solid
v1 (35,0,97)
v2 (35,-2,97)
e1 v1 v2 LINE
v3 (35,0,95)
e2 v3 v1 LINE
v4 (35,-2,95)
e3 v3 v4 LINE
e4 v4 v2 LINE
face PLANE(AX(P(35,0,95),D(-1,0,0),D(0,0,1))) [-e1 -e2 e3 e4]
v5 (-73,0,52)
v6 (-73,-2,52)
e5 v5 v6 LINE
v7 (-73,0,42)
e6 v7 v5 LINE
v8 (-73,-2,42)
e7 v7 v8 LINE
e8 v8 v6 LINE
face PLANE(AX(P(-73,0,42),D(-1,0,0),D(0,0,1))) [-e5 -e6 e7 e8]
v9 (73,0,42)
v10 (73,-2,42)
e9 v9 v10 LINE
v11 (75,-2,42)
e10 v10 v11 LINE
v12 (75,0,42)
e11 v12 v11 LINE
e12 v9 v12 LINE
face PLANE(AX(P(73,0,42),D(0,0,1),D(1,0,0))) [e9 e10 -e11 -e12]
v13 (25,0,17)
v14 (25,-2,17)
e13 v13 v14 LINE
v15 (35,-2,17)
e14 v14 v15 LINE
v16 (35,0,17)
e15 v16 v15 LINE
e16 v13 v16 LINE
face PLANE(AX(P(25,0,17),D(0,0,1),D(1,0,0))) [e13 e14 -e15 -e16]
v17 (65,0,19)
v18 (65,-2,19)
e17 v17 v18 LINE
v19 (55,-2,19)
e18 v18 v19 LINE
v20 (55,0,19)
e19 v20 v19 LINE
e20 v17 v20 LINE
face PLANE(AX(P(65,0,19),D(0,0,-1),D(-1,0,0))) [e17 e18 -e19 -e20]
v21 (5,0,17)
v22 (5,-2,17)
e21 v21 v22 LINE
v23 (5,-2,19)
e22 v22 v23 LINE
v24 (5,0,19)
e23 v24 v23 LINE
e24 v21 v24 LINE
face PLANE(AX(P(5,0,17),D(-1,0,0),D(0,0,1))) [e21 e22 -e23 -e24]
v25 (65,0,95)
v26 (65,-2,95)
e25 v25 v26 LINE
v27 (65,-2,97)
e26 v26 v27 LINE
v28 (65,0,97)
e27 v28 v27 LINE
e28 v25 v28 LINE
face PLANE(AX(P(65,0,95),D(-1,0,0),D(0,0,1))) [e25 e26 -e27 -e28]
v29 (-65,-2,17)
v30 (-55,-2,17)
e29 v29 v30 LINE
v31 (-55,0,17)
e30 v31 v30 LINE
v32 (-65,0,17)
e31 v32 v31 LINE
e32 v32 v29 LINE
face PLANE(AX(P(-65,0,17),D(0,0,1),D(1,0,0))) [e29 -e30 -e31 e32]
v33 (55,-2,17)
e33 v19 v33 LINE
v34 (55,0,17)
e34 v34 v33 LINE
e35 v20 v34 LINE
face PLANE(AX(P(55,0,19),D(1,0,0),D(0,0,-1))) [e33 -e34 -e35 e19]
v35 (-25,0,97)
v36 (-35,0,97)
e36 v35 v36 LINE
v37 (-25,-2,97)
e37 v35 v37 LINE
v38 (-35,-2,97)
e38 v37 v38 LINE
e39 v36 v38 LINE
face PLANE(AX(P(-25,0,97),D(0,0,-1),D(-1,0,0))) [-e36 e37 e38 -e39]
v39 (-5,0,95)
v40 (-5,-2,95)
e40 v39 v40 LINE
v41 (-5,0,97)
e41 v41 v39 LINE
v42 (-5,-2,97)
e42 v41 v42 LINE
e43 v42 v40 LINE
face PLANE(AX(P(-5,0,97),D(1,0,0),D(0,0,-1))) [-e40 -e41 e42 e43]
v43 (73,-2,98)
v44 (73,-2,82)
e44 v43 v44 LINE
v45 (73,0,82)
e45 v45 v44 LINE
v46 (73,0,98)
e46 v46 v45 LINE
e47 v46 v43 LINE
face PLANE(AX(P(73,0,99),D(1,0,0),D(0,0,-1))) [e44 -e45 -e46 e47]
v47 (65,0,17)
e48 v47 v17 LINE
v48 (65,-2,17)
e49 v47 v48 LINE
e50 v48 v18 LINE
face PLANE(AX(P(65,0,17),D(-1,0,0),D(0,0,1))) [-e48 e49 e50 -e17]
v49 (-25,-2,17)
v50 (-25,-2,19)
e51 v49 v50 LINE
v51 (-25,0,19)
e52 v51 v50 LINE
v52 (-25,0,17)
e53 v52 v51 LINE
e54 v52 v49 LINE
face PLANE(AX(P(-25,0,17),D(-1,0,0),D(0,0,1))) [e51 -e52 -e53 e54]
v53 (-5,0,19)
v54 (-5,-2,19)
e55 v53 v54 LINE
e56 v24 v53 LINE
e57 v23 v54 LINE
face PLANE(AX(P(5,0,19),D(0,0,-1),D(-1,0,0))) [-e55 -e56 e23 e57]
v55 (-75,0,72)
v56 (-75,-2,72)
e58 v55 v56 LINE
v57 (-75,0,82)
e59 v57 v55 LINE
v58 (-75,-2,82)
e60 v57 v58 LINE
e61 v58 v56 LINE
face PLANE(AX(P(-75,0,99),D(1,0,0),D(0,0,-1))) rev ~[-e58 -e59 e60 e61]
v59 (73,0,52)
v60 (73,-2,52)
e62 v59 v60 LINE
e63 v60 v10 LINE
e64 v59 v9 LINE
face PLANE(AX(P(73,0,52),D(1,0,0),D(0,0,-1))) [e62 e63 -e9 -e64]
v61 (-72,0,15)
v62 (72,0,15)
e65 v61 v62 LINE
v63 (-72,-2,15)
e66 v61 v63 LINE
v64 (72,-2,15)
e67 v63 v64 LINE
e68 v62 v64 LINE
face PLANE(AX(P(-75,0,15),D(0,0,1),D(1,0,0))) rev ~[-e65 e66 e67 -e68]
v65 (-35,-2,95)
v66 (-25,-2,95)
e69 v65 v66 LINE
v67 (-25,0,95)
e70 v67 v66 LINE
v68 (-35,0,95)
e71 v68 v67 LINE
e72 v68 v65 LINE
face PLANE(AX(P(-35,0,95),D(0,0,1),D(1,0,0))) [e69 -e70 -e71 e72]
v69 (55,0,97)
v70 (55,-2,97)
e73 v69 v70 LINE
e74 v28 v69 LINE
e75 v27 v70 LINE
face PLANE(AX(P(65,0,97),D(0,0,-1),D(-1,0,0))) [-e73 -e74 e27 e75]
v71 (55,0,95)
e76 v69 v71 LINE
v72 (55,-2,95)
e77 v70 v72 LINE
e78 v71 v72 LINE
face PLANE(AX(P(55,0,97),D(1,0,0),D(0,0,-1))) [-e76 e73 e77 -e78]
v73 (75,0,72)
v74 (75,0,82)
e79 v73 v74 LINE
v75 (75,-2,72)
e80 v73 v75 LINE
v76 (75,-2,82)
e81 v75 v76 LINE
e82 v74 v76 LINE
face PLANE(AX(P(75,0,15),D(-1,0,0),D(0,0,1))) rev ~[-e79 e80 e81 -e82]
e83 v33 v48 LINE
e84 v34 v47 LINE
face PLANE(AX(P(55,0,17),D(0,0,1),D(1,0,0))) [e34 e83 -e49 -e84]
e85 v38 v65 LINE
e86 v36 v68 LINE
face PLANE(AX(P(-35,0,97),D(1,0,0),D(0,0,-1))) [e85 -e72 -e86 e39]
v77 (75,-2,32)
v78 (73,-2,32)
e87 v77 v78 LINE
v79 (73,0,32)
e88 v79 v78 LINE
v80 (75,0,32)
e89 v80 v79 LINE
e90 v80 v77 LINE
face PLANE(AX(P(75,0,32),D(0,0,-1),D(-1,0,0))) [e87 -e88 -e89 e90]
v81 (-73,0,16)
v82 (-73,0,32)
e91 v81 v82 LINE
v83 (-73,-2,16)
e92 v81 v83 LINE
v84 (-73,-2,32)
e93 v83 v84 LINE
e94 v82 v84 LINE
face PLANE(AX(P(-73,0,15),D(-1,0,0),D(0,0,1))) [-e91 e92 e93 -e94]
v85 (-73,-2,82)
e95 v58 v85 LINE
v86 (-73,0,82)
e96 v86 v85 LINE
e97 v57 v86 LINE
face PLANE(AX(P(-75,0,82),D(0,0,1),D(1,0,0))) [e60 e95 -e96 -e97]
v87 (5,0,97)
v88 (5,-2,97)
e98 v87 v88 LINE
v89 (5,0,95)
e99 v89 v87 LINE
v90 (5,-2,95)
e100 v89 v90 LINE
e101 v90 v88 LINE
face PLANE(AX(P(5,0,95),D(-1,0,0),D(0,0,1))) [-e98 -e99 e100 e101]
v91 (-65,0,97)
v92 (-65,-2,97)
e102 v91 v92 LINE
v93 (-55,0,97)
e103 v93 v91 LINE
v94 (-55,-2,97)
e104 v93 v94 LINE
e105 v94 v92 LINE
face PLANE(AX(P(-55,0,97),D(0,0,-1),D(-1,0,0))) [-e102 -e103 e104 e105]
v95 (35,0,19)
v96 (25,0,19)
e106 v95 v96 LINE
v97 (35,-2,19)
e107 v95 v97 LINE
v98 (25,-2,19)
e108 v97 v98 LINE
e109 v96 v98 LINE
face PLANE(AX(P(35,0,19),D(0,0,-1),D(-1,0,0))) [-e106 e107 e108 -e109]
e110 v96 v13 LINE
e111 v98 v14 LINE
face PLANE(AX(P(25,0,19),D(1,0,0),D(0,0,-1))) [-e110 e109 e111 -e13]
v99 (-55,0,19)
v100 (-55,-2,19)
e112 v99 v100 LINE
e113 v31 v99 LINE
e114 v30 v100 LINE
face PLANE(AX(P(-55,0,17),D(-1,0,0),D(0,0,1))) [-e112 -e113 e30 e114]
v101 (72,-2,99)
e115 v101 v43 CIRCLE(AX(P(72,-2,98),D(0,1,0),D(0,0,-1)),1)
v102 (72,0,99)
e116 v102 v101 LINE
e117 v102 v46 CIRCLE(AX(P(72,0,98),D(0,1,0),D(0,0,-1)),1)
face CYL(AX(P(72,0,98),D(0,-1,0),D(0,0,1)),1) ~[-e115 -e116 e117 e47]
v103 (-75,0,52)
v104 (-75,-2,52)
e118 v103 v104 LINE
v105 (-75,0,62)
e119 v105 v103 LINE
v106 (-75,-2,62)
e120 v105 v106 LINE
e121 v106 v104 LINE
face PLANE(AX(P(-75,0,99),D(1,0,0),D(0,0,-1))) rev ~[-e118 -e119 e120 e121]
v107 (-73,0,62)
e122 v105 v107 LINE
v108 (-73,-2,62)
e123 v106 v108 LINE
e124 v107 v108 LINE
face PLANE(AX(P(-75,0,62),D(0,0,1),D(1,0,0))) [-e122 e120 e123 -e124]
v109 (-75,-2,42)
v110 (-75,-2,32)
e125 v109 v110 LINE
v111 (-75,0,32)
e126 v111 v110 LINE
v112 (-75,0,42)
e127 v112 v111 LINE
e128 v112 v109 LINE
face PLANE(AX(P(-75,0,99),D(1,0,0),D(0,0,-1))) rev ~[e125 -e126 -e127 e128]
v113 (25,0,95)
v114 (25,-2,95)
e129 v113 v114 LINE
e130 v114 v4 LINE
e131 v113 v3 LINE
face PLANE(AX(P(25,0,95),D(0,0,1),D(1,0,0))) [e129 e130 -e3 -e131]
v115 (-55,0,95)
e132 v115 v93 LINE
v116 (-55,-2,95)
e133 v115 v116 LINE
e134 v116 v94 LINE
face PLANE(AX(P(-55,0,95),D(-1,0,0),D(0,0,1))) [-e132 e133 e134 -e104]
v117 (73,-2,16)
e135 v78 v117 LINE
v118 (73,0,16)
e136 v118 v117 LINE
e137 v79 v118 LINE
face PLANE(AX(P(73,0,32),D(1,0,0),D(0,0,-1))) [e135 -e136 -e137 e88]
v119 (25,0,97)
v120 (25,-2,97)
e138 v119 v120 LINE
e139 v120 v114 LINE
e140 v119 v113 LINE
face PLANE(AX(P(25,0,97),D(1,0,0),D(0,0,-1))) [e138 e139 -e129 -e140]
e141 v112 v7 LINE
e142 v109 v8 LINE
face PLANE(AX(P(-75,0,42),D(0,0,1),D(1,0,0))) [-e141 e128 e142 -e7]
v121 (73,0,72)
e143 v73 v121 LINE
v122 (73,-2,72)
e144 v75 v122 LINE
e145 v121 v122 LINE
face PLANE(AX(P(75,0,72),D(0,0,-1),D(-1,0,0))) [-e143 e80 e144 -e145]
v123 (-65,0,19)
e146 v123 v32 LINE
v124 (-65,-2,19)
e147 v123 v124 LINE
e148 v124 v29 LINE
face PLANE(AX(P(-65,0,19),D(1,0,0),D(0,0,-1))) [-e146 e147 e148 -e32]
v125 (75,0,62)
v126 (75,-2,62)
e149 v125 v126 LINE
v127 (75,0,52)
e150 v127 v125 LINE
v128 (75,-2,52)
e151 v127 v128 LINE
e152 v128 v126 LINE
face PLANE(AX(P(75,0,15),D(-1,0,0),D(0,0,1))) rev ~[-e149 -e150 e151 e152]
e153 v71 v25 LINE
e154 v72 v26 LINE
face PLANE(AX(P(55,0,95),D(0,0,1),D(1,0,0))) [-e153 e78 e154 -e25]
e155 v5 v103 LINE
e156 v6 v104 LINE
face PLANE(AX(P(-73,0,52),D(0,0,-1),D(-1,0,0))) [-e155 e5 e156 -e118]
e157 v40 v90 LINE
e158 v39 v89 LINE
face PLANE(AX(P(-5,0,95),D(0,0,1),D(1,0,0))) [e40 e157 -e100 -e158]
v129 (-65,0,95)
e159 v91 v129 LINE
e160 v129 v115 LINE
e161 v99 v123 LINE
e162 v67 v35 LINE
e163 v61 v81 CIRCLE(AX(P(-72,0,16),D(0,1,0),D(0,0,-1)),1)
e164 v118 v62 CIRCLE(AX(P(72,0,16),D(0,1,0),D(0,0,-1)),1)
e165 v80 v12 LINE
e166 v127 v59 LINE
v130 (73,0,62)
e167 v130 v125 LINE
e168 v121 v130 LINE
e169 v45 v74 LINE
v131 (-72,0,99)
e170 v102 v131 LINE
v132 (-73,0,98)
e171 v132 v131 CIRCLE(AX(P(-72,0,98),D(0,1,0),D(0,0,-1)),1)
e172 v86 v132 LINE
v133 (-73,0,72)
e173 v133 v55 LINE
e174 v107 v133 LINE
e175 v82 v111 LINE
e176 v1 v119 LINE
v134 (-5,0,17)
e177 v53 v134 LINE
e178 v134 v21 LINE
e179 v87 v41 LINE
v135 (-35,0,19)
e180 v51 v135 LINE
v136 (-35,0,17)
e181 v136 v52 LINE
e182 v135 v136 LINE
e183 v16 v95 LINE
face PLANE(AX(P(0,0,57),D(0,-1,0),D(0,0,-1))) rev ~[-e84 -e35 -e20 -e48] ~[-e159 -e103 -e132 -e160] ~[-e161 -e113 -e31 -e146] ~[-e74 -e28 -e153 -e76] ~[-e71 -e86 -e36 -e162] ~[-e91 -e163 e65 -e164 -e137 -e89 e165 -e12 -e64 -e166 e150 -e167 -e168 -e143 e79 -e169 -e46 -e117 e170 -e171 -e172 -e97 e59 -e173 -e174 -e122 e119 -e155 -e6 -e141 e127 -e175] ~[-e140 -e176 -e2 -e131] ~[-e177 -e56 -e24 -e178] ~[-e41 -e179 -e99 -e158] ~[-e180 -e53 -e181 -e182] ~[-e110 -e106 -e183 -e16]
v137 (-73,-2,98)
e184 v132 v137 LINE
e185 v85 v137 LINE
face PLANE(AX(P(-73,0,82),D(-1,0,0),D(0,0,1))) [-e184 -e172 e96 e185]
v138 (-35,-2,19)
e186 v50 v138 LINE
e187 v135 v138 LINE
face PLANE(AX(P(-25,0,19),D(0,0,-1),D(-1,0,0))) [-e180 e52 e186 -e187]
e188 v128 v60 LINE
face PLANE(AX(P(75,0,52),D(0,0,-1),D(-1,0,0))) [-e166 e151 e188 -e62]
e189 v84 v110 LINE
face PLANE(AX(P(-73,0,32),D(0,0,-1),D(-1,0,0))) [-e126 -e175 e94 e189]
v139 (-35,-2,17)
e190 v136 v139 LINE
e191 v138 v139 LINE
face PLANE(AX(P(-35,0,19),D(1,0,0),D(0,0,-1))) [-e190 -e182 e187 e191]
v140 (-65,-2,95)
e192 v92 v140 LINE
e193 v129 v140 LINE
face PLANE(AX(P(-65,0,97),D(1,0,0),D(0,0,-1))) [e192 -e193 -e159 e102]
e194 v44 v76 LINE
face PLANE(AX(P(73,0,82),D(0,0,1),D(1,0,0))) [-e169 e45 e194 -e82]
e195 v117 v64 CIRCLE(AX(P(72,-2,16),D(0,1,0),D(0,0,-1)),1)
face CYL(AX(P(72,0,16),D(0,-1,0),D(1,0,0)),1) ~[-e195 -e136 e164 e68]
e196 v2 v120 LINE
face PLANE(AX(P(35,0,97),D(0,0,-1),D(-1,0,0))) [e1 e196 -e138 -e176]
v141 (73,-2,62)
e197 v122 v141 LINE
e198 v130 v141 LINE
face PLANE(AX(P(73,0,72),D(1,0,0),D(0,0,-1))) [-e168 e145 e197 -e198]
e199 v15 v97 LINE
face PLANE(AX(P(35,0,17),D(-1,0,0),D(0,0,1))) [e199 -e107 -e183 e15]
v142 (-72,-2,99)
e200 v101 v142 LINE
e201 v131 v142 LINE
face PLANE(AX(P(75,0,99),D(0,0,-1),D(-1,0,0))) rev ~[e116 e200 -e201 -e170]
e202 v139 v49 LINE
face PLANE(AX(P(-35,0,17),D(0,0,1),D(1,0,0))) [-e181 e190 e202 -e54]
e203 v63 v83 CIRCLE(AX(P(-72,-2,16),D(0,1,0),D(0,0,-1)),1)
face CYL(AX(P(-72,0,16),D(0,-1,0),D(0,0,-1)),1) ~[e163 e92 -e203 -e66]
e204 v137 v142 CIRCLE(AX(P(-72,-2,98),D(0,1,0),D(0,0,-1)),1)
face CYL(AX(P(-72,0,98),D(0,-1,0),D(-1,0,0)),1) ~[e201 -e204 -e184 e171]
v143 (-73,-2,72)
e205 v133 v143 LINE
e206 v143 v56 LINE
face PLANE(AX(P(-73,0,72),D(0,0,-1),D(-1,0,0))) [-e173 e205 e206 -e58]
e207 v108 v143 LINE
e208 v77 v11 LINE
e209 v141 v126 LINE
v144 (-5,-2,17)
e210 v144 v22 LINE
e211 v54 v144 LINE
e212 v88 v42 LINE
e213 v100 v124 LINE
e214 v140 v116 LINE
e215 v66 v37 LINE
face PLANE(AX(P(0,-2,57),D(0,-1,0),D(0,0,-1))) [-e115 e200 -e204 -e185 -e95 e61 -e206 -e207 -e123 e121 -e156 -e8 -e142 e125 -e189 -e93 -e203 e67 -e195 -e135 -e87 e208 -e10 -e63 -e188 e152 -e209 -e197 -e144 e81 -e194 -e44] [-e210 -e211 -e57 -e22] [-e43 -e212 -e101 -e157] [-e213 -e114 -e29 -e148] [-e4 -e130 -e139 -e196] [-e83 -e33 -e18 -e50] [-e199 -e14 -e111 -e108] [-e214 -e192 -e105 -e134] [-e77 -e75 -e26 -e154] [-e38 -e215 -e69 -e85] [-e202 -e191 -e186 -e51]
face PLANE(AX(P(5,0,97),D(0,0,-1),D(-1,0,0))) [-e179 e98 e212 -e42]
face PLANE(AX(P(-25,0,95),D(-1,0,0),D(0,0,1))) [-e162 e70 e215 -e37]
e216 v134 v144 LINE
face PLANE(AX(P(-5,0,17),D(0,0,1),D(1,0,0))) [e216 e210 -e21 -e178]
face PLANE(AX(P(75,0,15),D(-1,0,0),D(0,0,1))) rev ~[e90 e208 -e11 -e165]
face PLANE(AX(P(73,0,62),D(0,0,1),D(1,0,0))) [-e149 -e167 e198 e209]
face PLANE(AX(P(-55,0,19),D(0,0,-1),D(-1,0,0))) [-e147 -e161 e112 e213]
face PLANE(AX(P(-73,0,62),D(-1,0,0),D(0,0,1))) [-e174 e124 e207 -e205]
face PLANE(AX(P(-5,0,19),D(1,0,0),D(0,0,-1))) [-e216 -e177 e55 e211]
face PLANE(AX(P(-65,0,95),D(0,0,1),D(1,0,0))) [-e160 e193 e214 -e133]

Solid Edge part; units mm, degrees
sketch "Sketch1" plane through (0, 0, 0) normal (0, -1, 0) x (1, 0, 0)
  line L0 (75, 15) -> (75, 99)
  line L1 (75, 99) -> (-75, 99)
  line L2 (-75, 99) -> (-75, 15)
  line L3 (-75, 15) -> (75, 15)
extrude "Protrusion1" add sketch "Sketch1" along normal blind 2
sketch "Sketch2" plane through (0, 0, 0) normal (0, -1, 0) x (1, 0, 0)
  line L0 (-65, 95) -> (-55, 95)
  line L1 (-55, 95) -> (-55, 97)
  line L2 (-55, 97) -> (-65, 97)
  line L3 (-65, 97) -> (-65, 95)
  line L4 (-25, 97) -> (-35, 97)
  line L5 (-35, 97) -> (-35, 95)
  line L6 (-35, 95) -> (-25, 95)
  line L7 (-25, 95) -> (-25, 97)
  line L8 (-5, 95) -> (5, 95)
  line L9 (5, 95) -> (5, 97)
  line L10 (5, 97) -> (-5, 97)
  line L11 (-5, 97) -> (-5, 95)
  line L12 (25, 95) -> (35, 95)
  line L13 (35, 95) -> (35, 97)
  line L14 (35, 97) -> (25, 97)
  line L15 (25, 97) -> (25, 95)
  line L16 (65, 95) -> (65, 97)
  line L17 (65, 97) -> (55, 97)
  line L18 (55, 97) -> (55, 95)
  line L19 (55, 95) -> (65, 95)
  line L20 (73, 99) -> (73, 82)
  line L21 (73, 82) -> (75, 82)
  line L22 (75, 82) -> (75, 99)
  line L23 (75, 99) -> (73, 99)
  line L24 (75, 62) -> (75, 72)
  line L25 (75, 72) -> (73, 72)
  line L26 (73, 72) -> (73, 62)
  line L27 (73, 62) -> (75, 62)
  line L28 (73, 52) -> (73, 42)
  line L29 (73, 42) -> (75, 42)
  line L30 (75, 42) -> (75, 52)
  line L31 (75, 52) -> (73, 52)
  line L32 (75, 15) -> (75, 32)
  line L33 (75, 32) -> (73, 32)
  line L34 (73, 32) -> (73, 15)
  line L35 (73, 15) -> (75, 15)
  line L36 (55, 17) -> (65, 17)
  line L37 (65, 17) -> (65, 19)
  line L38 (65, 19) -> (55, 19)
  line L39 (55, 19) -> (55, 17)
  line L40 (25, 17) -> (35, 17)
  line L41 (35, 17) -> (35, 19)
  line L42 (35, 19) -> (25, 19)
  line L43 (25, 19) -> (25, 17)
  line L44 (-5, 17) -> (5, 17)
  line L45 (5, 17) -> (5, 19)
  line L46 (5, 19) -> (-5, 19)
  line L47 (-5, 19) -> (-5, 17)
  line L48 (-35, 17) -> (-25, 17)
  line L49 (-25, 17) -> (-25, 19)
  line L50 (-25, 19) -> (-35, 19)
  line L51 (-35, 19) -> (-35, 17)
  line L52 (-55, 17) -> (-55, 19)
  line L53 (-55, 19) -> (-65, 19)
  line L54 (-65, 19) -> (-65, 17)
  line L55 (-65, 17) -> (-55, 17)
  line L56 (-75, 99) -> (-75, 82)
  line L57 (-75, 82) -> (-73, 82)
  line L58 (-73, 82) -> (-73, 99)
  line L59 (-73, 99) -> (-75, 99)
  line L60 (-73, 62) -> (-73, 72)
  line L61 (-73, 72) -> (-75, 72)
  line L62 (-75, 72) -> (-75, 62)
  line L63 (-75, 62) -> (-73, 62)
  line L64 (-73, 42) -> (-73, 52)
  line L65 (-73, 52) -> (-75, 52)
  line L66 (-75, 52) -> (-75, 42)
  line L67 (-75, 42) -> (-73, 42)
  line L68 (-73, 15) -> (-73, 32)
  line L69 (-73, 32) -> (-75, 32)
  line L70 (-75, 32) -> (-75, 15)
  line L71 (-75, 15) -> (-73, 15)
  dimension "D1" = 10
  dimension "D2" = 2
  dimension "D3" = 10
  dimension "D4" = 2
  dimension "D5" = 10
  dimension "D6" = 2
  dimension "D7" = 10
  dimension "D8" = 2
  dimension "D9" = 10
  dimension "D10" = 2
  dimension "D11" = 2
  dimension "D12" = 10
  dimension "D13" = 2
  dimension "D14" = 10
  dimension "D15" = 2
  dimension "D16" = 17
  dimension "D17" = 10
  dimension "D18" = 2
  dimension "D19" = 10
  dimension "D20" = 2
  dimension "D21" = 10
  dimension "D22" = 2
  dimension "D23" = 10
  dimension "D24" = 2
  dimension "D25" = 10
  dimension "D26" = 2
  dimension "D27" = 2
  dimension "D28" = 2
  dimension "D29" = 2
  dimension "D30" = 2
  dimension "D31" = 2
  dimension "D32" = 2
  dimension "D33" = 2
  dimension "D34" = 17
  dimension "D35" = 10
  dimension "D36" = 10
  dimension "D37" = 10
  dimension "D38" = 20
  dimension "D39" = 20
  dimension "D40" = 20
  dimension "D41" = 20
  dimension "D42" = 10
  dimension "D43" = 10
  dimension "D44" = 20
  dimension "D45" = 20
  dimension "D46" = 20
  dimension "D47" = 20
  dimension "D48" = 10
  dimension "D49" = 10
  dimension "D50" = 2
  dimension "D51" = 17
  dimension "D52" = 2
  dimension "D53" = 10
  dimension "D54" = 2
  dimension "D55" = 10
  dimension "D56" = 2
  dimension "D57" = 17
  dimension "D58" = 10
  dimension "D59" = 10
  dimension "D60" = 2
  dimension "D61" = 2
  dimension "D62" = 2
  dimension "D63" = 2
extrude "ExtrudedCutout_2" cut sketch "Sketch2" along normal blind 2
fillet "Round_1" radius 1 4 edges at (-73, -1, 15) (73, -1, 15) (73, -1, 99) (-73, -1, 99)
properties material "Acrylic, high impact grade"
